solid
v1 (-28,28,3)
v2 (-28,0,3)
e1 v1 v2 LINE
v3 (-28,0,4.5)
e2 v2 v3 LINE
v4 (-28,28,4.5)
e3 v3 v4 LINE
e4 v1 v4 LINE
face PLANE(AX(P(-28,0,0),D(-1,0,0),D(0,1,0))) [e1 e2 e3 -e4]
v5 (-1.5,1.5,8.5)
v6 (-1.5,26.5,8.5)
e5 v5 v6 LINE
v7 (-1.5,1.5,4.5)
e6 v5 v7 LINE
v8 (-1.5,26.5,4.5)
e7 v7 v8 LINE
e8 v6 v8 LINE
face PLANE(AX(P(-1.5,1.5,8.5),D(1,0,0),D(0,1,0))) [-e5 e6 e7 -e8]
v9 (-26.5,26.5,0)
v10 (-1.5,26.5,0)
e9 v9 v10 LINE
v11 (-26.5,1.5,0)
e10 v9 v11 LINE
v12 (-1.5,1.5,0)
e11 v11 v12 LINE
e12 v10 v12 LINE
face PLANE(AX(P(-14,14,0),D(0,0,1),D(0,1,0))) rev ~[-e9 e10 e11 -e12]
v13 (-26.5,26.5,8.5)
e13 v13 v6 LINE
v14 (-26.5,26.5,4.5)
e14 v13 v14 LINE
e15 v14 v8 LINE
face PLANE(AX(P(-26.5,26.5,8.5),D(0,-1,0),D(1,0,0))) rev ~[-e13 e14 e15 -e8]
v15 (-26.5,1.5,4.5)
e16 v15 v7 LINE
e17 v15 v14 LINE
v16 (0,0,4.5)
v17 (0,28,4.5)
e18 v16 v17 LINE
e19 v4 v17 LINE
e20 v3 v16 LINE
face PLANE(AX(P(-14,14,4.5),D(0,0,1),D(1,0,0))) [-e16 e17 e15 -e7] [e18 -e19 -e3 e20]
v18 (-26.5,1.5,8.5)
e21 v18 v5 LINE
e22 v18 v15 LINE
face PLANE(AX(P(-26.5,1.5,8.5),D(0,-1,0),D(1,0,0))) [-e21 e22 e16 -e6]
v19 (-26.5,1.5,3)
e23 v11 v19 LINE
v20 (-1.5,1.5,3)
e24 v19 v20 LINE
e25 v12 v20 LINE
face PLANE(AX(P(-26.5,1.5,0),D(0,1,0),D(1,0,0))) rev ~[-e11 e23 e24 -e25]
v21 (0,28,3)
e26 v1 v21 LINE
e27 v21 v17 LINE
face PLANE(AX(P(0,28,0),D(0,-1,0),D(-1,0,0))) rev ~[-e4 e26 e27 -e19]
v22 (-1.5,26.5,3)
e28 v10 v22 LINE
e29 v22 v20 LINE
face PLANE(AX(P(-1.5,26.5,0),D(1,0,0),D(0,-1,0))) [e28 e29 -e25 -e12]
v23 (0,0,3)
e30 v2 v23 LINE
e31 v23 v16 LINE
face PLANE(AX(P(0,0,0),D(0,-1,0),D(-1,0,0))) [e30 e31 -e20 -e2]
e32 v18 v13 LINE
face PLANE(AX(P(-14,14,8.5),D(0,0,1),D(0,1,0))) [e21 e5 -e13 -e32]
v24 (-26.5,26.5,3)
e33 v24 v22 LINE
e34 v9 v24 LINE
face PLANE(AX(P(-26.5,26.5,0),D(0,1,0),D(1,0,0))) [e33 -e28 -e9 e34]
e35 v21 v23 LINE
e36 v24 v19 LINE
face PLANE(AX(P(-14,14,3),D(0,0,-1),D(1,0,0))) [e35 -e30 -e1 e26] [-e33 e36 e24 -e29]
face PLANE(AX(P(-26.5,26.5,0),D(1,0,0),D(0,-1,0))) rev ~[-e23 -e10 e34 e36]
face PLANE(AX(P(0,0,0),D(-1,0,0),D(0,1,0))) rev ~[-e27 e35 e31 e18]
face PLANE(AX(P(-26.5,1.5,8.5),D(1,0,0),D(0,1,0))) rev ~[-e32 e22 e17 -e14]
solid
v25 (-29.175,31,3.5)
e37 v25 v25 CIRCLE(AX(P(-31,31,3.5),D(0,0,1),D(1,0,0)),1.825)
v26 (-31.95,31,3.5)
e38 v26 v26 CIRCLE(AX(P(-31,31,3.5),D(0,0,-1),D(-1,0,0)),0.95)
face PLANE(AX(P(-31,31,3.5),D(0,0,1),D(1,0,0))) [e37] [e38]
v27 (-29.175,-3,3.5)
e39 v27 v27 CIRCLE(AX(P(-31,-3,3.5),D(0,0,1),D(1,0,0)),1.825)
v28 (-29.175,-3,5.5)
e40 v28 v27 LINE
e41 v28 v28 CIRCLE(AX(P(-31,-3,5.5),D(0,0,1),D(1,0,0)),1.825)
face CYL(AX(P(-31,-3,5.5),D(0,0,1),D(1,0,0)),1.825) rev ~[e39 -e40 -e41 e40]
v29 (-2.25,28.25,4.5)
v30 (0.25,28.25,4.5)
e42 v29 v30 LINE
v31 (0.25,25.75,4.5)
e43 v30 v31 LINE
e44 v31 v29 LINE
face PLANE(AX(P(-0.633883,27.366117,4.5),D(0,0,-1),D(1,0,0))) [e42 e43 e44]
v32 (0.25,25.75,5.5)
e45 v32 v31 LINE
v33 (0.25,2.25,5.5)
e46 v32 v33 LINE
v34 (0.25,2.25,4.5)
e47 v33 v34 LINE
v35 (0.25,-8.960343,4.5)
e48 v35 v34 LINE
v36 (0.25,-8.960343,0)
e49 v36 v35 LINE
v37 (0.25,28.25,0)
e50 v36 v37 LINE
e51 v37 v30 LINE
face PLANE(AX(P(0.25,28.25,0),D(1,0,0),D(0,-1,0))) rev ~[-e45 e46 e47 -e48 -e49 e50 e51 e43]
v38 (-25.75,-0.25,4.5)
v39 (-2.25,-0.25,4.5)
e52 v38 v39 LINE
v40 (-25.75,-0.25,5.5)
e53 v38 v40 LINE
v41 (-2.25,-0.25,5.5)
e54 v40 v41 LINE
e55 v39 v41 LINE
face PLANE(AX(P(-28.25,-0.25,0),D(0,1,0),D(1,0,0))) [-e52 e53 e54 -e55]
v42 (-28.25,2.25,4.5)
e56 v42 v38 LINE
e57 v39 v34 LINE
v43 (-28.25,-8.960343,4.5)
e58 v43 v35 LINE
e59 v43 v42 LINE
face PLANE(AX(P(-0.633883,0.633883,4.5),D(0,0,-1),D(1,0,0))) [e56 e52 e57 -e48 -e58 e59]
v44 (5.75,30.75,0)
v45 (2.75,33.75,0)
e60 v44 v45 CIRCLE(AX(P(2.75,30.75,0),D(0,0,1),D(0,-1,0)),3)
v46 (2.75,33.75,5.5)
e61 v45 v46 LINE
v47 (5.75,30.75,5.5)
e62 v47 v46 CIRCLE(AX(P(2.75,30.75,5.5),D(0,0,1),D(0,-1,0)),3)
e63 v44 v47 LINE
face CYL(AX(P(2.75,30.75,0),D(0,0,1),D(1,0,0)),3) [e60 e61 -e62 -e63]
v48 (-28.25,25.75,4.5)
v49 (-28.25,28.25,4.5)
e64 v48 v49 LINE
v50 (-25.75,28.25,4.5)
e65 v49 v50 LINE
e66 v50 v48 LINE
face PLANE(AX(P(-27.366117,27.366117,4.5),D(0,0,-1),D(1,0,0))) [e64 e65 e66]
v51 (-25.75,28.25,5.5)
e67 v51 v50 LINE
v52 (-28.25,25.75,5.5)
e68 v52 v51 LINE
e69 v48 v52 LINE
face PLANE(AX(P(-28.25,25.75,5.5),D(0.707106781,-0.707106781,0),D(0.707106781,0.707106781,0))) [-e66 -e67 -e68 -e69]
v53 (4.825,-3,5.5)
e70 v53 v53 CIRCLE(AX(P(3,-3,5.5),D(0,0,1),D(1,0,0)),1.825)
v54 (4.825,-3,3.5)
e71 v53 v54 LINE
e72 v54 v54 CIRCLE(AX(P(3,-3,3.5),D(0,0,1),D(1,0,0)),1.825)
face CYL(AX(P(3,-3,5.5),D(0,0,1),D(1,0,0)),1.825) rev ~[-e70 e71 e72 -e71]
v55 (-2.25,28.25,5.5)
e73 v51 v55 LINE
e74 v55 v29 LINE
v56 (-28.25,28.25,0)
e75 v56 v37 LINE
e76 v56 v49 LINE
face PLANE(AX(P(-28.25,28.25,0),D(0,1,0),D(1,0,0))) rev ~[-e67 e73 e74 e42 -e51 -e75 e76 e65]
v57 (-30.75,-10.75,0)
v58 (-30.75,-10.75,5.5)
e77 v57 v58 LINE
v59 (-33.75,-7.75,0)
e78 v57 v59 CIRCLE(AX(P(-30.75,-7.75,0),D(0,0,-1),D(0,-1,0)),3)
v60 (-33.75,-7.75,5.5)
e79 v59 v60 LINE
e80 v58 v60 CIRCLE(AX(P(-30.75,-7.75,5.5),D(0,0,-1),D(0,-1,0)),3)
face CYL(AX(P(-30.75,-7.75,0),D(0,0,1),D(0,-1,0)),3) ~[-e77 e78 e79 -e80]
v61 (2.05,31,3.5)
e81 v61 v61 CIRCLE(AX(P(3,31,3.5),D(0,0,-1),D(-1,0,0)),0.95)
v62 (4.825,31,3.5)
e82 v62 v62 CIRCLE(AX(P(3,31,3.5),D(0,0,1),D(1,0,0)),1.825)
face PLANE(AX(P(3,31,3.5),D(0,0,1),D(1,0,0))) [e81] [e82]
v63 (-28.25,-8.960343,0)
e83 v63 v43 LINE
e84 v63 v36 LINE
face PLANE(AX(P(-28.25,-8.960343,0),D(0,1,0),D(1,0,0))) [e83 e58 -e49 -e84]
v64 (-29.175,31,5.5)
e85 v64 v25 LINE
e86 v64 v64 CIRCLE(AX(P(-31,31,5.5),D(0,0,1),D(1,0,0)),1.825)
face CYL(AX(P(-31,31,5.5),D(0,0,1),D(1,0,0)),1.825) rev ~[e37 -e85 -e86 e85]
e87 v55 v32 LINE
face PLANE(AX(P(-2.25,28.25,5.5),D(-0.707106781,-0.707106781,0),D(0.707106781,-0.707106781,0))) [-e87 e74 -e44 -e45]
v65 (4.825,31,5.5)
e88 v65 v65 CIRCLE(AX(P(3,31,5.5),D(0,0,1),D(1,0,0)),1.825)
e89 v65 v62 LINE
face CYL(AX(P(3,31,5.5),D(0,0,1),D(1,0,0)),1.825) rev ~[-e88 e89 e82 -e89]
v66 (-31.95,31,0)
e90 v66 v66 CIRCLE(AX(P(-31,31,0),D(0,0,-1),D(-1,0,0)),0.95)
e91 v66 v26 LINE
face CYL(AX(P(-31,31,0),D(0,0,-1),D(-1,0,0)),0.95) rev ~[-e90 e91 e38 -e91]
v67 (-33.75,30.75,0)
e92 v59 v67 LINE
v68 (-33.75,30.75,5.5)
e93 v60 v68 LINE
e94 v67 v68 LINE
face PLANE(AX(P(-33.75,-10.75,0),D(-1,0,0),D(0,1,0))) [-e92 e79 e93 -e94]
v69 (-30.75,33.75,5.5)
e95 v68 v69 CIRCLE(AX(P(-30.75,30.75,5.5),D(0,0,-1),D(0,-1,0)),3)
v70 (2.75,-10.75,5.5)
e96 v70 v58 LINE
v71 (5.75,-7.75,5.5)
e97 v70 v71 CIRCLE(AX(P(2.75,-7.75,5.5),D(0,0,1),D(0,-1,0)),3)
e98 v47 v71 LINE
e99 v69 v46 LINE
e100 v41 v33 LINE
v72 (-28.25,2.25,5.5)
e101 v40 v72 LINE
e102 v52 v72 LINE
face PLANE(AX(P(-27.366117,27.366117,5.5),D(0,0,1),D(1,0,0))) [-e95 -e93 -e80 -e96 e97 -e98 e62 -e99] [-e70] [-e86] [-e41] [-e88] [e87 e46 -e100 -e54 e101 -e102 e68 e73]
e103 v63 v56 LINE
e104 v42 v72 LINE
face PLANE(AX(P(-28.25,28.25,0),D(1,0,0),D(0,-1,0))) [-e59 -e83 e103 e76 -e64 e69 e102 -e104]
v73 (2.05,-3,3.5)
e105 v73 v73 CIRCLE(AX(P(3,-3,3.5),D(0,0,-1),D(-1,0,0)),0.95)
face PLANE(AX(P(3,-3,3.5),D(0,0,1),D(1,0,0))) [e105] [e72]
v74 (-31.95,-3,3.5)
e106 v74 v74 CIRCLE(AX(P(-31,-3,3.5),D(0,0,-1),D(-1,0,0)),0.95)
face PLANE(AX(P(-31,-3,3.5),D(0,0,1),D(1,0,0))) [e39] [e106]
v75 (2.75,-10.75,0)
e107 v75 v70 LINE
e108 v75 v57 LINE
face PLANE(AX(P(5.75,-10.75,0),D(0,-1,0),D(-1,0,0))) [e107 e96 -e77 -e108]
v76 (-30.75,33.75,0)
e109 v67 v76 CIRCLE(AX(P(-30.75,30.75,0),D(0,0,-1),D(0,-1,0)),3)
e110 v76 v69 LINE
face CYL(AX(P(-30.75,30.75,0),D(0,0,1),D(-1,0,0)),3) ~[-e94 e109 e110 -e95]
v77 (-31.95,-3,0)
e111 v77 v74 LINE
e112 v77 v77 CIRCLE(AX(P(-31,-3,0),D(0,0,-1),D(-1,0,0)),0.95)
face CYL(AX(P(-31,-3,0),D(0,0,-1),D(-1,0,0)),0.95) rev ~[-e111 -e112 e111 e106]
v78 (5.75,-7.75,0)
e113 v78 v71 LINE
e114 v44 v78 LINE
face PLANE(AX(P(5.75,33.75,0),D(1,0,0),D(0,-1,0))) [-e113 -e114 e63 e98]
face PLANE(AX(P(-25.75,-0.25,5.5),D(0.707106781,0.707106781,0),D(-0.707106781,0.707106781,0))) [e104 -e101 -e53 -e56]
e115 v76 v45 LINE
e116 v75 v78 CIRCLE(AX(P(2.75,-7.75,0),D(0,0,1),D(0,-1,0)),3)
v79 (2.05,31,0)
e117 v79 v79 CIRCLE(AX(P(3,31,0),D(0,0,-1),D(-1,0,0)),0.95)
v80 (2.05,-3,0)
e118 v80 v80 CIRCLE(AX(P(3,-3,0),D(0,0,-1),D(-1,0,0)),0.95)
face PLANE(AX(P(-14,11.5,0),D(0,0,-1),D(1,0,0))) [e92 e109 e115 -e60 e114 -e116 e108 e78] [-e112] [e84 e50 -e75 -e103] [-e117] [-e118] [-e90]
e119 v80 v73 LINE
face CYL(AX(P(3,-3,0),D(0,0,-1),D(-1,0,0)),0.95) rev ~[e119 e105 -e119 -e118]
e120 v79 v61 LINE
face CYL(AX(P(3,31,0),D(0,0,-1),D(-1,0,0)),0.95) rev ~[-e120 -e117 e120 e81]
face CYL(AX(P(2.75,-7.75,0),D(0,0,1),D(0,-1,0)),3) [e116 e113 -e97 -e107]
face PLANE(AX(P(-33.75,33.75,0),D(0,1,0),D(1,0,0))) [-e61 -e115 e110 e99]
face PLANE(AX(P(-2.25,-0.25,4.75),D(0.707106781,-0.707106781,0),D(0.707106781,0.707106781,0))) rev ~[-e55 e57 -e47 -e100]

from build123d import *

# Parameters (mm, degrees)
SKETCH1_W           = 28
SKETCH1_H           = 28
BOSS_EXTRUDE1_DEPTH = 8.5
SKETCH4_W           = 28.5
SKETCH4_H           = 28.5
BOSS_EXTRUDE2_DEPTH = 5.5
BOSS_EXTRUDE3_DEPTH = 0.75
SKETCH6_W           = 28
SKETCH6_H           = 28
SKETCH6_W_2         = 25
SKETCH6_H_2         = 25
CUT_EXTRUDE4_DEPTH  = 3
SKETCH7_W           = 28
SKETCH7_H           = 28
SKETCH7_W_2         = 25
SKETCH7_H_2         = 25
CUT_EXTRUDE5_DEPTH  = 4
SKETCH9_R           = 0.95
CUT_EXTRUDE7_DEPTH  = 5.5
SKETCH13_R          = 1.825
CUT_EXTRUDE8_DEPTH  = 2
SKETCH14_W          = 28.5
SKETCH14_H          = 8.710343244
CUT_EXTRUDE9_DEPTH  = 4.5
FILLET2_R           = 3
BOSS_EXTRUDE4_DEPTH = 0.25


with BuildPart() as part:
    # Sketch1 → Boss-Extrude1 (new body)
    with BuildSketch(Plane(origin=(0, 0, 0), x_dir=(0, 1, 0), z_dir=(0, 0, 1))):
        with Locations((14, 14)):
            Rectangle(SKETCH1_W, SKETCH1_H)
    extrude(amount=BOSS_EXTRUDE1_DEPTH)

    # Sketch6 → Cut-Extrude4 (cut)
    with BuildSketch(Plane(origin=(0, 0, 0), x_dir=(1, 0, 0), z_dir=(0, 0, -1))):
        with Locations((-14, -14)):
            Rectangle(SKETCH6_W, SKETCH6_H)
        with Locations((-14, -14)):
            Rectangle(SKETCH6_W_2, SKETCH6_H_2, mode=Mode.SUBTRACT)
    extrude(amount=-CUT_EXTRUDE4_DEPTH, mode=Mode.SUBTRACT)

    # Sketch7 → Cut-Extrude5 (cut)
    with BuildSketch(Plane.XY.offset(8.5)):
        with Locations((-14, 14)):
            Rectangle(SKETCH7_W, SKETCH7_H)
        with Locations((-14, 14)):
            Rectangle(SKETCH7_W_2, SKETCH7_H_2, mode=Mode.SUBTRACT)
    extrude(amount=-CUT_EXTRUDE5_DEPTH, mode=Mode.SUBTRACT)


with BuildPart() as body_2:
    # Sketch4 → Boss-Extrude2 (new body)
    with BuildSketch(Plane(origin=(0, 0, 0), x_dir=(1, 0, 0), z_dir=(0, 0, -1))):
        Polygon((-33.75, 5.75), (-33.75, -33.75), (5.75, -33.75), (5.75, 5.75), (5.75, 10.75), (-33.75, 10.75), align=None)
        with Locations((-14, -14)):
            Rectangle(SKETCH4_W, SKETCH4_H, mode=Mode.SUBTRACT)
    extrude(amount=-BOSS_EXTRUDE2_DEPTH)

    # Sketch5 → Boss-Extrude3 (add)
    with BuildSketch(Plane.XY.offset(5.5)):
        Polygon((-28.25, 25.75), (-25.75, 28.25), (-28.25, 28.25), align=None)
        Polygon((-2.25, 28.25), (0.25, 25.75), (0.25, 28.25), align=None)
        Polygon((-2.25, -0.25), (0.25, 2.25), (0.25, -0.25), align=None)
        Polygon((-25.75, -0.25), (-28.25, 2.25), (-28.25, -0.25), align=None)
    extrude(amount=-BOSS_EXTRUDE3_DEPTH)

    # Sketch9 → Cut-Extrude7 (cut)
    with BuildSketch(Plane(origin=(0, 0, 0), x_dir=(1, 0, 0), z_dir=(0, 0, -1))):
        with Locations(Location((-31, 3, 0), (0, 0, 180))):
            Circle(SKETCH9_R)
        with Locations(Location((3, 3, 0), (0, 0, 180))):
            Circle(SKETCH9_R)
        with Locations(Location((3, -31, 0), (0, 0, 180))):
            Circle(SKETCH9_R)
        with Locations(Location((-31, -31, 0), (0, 0, 180))):
            Circle(SKETCH9_R)
    extrude(amount=-CUT_EXTRUDE7_DEPTH, mode=Mode.SUBTRACT)

    # Sketch13 → Cut-Extrude8 (cut)
    with BuildSketch(Plane.XY.offset(5.5)):
        with Locations((-31, 31)):
            Circle(SKETCH13_R)
        with Locations((3, 31)):
            Circle(SKETCH13_R)
        with Locations((3, -3)):
            Circle(SKETCH13_R)
        with Locations((-31, -3)):
            Circle(SKETCH13_R)
    extrude(amount=-CUT_EXTRUDE8_DEPTH, mode=Mode.SUBTRACT)

    # Sketch14 → Cut-Extrude9 (cut)
    with BuildSketch(Plane(origin=(0, 0, 0), x_dir=(1, 0, 0), z_dir=(0, 0, -1))):
        with Locations((-14, 4.605171622)):
            Rectangle(SKETCH14_W, SKETCH14_H)
    extrude(amount=-CUT_EXTRUDE9_DEPTH, mode=Mode.SUBTRACT)

    # Fillet2
    fillet2_edges = [body_2.edges().sort_by_distance(p)[0] for p in [
        (5.75, 33.75, 2.75),
        (-33.75, 33.75, 2.75),
        (-33.75, -10.75, 2.75),
        (5.75, -10.75, 2.75),
    ]]
    fillet(fillet2_edges, radius=FILLET2_R)

    # Sketch15 → Boss-Extrude4 (add)
    with BuildSketch(Plane(origin=(0, 0, 4.75), x_dir=(1, 0, 0), z_dir=(0, 0, -1))):
        Polygon((0.25, 0.25), (-2.25, 0.25), (0.25, -2.25), align=None)
        Polygon((-28.25, 0.25), (-28.25, -2.25), (-25.75, 0.25), align=None)
        Polygon((-28.25, -28.25), (-25.75, -28.25), (-28.25, -25.75), align=None)
        Polygon((0.25, -28.25), (0.25, -25.75), (-2.25, -28.25), align=None)
    extrude(amount=BOSS_EXTRUDE4_DEPTH)


solid = Compound([part.part, body_2.part])
